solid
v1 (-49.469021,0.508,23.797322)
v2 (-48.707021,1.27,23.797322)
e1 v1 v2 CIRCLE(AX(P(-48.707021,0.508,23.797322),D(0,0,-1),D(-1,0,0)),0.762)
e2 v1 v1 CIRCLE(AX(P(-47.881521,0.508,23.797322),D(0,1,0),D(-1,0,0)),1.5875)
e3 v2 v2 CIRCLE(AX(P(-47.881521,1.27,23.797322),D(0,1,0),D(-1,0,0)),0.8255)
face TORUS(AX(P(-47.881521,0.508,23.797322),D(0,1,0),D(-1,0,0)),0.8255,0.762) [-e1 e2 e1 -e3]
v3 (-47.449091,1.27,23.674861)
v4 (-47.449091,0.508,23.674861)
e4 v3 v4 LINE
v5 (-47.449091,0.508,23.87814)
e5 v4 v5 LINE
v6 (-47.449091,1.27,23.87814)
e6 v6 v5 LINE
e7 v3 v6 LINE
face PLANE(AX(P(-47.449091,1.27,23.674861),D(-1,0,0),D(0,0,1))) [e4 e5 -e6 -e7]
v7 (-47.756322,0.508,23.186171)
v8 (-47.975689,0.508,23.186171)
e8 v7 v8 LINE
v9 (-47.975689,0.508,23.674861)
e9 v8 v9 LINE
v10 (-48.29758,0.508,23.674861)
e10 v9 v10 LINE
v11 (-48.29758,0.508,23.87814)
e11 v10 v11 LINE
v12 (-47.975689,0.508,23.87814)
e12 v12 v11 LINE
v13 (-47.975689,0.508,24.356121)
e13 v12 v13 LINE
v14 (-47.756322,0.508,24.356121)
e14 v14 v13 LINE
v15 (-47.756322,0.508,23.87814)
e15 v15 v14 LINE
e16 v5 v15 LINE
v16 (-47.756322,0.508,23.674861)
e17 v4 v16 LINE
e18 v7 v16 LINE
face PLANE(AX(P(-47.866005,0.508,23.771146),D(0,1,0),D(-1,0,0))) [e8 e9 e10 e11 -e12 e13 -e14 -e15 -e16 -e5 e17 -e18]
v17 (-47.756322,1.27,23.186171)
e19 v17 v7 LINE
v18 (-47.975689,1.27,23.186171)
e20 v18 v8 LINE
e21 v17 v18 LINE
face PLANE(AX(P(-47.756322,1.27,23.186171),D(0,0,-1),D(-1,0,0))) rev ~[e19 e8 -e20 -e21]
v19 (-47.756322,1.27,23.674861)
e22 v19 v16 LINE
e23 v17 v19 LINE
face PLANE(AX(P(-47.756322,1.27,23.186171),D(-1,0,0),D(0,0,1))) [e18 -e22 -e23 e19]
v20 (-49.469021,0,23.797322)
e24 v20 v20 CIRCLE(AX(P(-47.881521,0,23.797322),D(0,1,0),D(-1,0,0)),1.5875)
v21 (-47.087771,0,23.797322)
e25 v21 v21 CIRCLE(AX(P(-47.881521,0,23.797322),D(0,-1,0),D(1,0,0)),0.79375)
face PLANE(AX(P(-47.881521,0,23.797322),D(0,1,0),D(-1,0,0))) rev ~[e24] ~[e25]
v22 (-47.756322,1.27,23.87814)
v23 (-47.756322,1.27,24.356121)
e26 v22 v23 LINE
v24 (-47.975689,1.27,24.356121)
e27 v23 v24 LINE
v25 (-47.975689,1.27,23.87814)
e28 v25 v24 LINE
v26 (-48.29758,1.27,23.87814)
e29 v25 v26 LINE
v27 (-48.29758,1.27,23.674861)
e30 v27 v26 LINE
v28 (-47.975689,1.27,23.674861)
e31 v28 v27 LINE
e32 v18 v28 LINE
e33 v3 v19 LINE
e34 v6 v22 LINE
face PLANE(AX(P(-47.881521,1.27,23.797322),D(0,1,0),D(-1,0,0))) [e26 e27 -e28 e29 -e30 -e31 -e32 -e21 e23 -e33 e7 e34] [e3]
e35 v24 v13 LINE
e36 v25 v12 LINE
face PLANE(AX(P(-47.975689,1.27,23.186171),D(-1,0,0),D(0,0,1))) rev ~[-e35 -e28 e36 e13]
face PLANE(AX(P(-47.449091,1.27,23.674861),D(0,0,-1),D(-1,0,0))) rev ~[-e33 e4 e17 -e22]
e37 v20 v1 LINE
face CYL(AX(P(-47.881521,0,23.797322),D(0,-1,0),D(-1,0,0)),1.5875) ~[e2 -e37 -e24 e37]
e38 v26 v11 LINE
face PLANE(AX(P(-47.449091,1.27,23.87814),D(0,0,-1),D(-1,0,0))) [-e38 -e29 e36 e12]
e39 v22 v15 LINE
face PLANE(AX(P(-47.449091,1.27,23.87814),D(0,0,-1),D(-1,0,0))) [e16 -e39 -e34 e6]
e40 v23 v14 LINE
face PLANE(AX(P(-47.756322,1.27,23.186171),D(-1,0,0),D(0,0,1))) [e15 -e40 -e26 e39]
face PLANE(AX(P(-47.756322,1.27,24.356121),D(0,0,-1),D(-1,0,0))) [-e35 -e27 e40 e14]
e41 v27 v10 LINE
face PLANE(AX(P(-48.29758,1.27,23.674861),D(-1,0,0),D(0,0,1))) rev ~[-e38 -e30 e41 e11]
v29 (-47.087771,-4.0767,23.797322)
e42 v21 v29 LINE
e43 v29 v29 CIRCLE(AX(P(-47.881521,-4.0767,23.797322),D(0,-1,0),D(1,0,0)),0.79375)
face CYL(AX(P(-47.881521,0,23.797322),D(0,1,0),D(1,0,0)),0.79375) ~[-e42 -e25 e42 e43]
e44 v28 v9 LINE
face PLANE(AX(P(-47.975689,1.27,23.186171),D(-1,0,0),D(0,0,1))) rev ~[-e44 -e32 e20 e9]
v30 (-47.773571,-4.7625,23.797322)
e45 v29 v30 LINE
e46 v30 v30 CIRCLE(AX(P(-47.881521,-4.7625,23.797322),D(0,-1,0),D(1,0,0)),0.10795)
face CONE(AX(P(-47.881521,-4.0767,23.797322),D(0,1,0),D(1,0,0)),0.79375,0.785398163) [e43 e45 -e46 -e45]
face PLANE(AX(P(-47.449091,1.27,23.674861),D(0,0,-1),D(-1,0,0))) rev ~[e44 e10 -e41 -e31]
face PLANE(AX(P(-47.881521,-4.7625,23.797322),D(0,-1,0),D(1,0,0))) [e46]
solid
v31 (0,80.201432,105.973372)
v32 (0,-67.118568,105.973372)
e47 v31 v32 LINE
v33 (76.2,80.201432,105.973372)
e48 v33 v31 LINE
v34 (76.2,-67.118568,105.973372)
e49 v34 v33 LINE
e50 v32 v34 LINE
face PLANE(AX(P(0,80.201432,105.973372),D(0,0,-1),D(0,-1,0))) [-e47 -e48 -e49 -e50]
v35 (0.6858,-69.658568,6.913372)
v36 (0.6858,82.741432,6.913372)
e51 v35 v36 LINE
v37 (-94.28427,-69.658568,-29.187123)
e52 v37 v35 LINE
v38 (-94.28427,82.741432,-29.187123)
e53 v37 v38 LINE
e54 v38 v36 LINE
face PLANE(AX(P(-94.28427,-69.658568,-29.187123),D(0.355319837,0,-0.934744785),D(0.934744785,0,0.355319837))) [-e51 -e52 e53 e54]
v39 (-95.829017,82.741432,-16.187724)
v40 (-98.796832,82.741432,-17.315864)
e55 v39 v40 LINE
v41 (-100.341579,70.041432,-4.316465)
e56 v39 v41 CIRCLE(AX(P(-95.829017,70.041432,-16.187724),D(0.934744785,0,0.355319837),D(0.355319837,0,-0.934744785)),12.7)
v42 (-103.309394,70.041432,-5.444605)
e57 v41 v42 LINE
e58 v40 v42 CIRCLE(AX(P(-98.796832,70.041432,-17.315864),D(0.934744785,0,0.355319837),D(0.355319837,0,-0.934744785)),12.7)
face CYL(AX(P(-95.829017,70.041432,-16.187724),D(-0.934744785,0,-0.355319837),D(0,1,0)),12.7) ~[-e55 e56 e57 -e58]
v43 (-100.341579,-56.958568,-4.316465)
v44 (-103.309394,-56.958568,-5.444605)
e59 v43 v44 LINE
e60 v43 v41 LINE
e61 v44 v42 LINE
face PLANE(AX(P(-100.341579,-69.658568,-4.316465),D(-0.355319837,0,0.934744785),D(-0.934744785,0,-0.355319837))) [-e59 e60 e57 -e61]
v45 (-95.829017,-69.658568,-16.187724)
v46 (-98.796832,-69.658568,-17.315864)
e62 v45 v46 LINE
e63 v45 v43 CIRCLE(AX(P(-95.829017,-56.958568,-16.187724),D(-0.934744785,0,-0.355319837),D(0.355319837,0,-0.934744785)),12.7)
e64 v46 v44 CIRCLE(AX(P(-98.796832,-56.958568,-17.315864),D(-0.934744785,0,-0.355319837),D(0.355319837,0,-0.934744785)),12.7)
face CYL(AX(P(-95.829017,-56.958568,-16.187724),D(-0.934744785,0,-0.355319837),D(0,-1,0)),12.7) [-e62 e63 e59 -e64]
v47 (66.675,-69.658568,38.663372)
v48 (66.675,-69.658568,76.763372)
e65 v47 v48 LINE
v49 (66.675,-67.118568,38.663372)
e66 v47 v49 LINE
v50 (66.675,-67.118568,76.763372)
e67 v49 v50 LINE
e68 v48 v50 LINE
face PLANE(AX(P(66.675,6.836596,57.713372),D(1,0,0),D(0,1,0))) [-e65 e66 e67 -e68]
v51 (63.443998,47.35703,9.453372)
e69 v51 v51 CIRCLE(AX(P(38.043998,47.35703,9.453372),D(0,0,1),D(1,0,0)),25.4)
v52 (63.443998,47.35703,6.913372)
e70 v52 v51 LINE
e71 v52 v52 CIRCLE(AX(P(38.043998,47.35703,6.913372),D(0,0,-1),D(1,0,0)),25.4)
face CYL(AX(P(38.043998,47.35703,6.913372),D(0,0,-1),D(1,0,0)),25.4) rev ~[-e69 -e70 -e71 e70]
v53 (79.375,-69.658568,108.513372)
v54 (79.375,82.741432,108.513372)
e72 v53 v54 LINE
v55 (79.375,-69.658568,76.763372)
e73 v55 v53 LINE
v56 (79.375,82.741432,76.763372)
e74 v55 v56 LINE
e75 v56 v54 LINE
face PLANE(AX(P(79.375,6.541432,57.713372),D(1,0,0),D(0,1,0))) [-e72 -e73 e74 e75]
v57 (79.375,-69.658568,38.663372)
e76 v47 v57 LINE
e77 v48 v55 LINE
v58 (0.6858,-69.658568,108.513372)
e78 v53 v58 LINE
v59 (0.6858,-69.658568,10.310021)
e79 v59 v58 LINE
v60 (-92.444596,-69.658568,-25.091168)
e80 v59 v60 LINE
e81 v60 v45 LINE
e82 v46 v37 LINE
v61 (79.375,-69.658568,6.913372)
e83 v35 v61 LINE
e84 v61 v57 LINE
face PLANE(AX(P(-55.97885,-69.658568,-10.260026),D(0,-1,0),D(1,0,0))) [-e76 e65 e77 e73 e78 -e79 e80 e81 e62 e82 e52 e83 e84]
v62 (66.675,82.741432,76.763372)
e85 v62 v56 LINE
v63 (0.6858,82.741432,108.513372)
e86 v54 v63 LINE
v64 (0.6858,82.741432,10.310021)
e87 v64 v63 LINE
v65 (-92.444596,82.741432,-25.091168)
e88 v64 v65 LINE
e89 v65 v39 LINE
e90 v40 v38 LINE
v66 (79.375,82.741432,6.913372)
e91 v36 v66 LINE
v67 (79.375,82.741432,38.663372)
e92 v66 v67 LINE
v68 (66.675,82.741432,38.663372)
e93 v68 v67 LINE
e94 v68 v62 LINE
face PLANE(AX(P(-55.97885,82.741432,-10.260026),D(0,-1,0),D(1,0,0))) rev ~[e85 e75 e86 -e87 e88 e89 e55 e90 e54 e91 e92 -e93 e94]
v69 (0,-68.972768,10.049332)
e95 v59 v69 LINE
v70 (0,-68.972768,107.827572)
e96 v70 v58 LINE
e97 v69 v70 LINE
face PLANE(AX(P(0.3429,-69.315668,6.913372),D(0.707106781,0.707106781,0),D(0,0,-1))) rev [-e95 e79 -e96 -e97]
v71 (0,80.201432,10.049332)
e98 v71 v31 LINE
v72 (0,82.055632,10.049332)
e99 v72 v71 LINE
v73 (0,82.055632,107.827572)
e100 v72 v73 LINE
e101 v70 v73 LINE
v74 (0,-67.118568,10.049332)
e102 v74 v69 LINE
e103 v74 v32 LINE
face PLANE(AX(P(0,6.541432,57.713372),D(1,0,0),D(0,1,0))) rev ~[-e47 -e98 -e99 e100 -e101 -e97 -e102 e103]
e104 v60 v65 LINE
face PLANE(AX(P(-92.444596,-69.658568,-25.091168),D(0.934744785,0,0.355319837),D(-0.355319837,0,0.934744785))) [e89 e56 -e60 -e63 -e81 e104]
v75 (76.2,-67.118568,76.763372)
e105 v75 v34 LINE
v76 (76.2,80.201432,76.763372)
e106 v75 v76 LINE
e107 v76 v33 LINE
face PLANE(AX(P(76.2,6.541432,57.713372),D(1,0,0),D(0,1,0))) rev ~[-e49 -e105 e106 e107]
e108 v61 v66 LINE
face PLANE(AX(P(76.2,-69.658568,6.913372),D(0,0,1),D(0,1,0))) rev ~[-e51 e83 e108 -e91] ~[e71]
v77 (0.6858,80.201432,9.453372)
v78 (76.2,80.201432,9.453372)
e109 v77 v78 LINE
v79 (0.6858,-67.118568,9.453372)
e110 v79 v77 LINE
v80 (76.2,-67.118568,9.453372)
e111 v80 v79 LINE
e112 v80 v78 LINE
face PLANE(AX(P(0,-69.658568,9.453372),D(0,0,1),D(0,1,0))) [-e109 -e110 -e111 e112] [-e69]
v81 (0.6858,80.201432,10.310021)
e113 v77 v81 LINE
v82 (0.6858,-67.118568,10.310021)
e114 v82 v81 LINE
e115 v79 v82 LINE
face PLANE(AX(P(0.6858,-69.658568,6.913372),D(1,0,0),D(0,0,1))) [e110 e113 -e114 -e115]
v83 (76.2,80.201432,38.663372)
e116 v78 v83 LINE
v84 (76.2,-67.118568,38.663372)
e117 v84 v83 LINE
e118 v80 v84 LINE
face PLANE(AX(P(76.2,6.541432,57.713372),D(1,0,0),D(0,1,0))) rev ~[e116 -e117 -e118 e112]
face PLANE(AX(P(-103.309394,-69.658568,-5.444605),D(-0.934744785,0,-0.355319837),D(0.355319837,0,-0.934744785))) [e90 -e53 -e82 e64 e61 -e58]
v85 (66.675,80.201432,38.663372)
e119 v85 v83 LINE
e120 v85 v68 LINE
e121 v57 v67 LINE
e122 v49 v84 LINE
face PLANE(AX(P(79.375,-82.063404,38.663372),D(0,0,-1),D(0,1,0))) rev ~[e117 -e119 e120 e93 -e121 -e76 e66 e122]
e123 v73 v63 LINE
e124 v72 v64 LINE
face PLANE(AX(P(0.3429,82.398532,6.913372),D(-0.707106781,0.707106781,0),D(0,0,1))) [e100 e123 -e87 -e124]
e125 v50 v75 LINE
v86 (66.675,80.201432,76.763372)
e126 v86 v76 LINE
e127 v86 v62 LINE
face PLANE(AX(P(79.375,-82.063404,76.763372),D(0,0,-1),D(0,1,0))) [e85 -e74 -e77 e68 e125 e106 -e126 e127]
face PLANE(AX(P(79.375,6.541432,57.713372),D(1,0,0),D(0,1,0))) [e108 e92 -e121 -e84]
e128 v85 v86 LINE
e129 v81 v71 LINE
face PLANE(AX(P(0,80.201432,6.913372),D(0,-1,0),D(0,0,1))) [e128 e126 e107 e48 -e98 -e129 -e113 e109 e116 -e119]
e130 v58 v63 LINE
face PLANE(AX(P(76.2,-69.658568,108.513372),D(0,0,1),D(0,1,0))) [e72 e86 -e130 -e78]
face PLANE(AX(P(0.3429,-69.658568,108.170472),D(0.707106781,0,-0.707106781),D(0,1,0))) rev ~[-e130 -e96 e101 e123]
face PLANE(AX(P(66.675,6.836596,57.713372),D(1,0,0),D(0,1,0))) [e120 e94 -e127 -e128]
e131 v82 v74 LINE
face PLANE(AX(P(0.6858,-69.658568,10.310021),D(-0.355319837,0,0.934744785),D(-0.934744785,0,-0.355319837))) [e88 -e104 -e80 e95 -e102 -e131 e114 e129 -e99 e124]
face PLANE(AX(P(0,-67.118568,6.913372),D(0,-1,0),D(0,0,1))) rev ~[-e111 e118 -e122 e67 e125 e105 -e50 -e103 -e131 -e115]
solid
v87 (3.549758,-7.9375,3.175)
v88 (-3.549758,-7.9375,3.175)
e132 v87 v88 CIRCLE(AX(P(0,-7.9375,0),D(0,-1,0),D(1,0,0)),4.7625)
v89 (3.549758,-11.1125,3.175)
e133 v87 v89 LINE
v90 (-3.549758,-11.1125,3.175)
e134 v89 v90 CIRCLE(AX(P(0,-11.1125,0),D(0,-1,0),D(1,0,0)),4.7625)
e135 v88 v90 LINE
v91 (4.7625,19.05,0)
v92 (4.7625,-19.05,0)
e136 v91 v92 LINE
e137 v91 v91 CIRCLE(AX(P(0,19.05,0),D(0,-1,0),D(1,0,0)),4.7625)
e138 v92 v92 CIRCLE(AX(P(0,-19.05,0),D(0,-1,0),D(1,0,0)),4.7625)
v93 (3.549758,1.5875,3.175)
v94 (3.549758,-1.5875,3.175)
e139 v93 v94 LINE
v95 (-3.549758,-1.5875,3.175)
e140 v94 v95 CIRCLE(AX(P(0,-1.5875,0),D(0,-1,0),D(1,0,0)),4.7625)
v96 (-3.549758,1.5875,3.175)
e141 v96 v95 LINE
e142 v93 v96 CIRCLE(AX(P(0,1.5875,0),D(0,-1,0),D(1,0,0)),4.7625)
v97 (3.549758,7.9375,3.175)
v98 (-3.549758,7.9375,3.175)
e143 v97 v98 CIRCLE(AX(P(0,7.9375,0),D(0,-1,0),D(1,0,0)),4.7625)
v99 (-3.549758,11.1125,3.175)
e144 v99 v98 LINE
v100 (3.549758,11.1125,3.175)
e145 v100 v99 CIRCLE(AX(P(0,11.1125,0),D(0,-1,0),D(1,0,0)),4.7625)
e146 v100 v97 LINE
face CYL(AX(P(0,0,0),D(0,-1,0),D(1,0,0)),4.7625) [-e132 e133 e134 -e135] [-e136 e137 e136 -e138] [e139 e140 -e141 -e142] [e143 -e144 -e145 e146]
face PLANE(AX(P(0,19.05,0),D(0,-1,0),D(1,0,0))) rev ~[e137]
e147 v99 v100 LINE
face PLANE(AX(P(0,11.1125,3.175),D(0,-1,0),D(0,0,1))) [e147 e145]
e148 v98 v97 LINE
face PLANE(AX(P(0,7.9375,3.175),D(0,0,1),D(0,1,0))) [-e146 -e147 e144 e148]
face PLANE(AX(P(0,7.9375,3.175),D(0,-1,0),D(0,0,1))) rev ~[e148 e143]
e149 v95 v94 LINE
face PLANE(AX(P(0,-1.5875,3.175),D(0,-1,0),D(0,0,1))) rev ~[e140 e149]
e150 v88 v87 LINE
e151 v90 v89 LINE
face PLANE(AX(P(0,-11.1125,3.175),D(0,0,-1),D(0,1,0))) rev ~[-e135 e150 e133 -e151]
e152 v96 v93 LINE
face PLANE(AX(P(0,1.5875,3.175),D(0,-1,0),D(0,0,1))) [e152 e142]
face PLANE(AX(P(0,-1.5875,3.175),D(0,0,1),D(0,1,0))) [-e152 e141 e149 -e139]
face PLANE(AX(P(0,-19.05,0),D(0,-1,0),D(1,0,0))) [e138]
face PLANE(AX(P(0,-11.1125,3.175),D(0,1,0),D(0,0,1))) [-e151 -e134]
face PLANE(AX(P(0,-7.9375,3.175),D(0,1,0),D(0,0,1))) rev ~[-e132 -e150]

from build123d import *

# Parameters (mm, degrees)
F0_R       = 4.7625
F1_DEPTH   = 19.05
F2_W       = 3.175
F2_H       = 3.3072910916
F3_DEPTH   = 12.7
F4_W       = 152.4
F4_H       = 101.6
F5_DEPTH   = 76.2
F6_T       = -2.54
F7_W       = 152.4
F7_H       = 101.6
F8_DEPTH   = 3.175
F9_W       = 177.8
F9_H       = 38.1
F10_DEPTH  = 12.7
F11_R      = 25.4
F12_DEPTH  = 25.4
F13_R      = 0.79375
F14_DEPTH  = 4.7625
F15_SIZE   = 0.6858
F15_2_SIZE = 0.6858
F16_R      = 1.5875
F17_DEPTH  = 1.27
F18_R      = 0.762
F19_W      = 0.2193674445
F19_H      = 1.16994977
F20_DEPTH  = 0.762
F21_W      = 0.8484892041
F21_H      = 0.2032797784
F22_DEPTH  = 0.762
F24_W      = 147.32
F24_H      = 96.52
F25_DEPTH  = 25.4
F27_DEPTH  = 152.4
F28_R      = 12.7


with BuildPart() as f1:
    # F0 (on Front) → F1 (new body, symmetric)
    with BuildSketch(Plane.XZ):
        Circle(F0_R)
    extrude(amount=F1_DEPTH, both=True)

    # F2 (on Right) → F3 (cut, symmetric)
    with BuildSketch(Plane.YZ):
        with Locations((0, 4.8286455458)):
            Rectangle(F2_W, F2_H)
        with Locations((9.525, 4.8286455458)):
            Rectangle(F2_W, F2_H)
        with Locations((-9.525, 4.8286455458)):
            Rectangle(F2_W, F2_H)
    extrude(amount=F3_DEPTH, both=True, mode=Mode.SUBTRACT)


with BuildPart() as f5:
    # F4 (on Right) → F5 (new body)
    with BuildSketch(Plane.YZ):
        with Locations((6.5414318815, 57.7133724002)):
            Rectangle(F4_W, F4_H)
    extrude(amount=F5_DEPTH)

    # F6
    f6_openings = [f5.faces().sort_by_distance(p)[0] for p in [
        (76.2, 6.541432, 57.713372),
    ]]
    offset(amount=F6_T, openings=f6_openings)

    # F7 (on face) → F8 (join)
    with BuildSketch(Plane.YZ.offset(76.2)):
        with Locations((6.5414318815, 57.7133724002)):
            Rectangle(F7_W, F7_H)
    extrude(amount=F8_DEPTH)

    # F9 (on face) → F10 (cut)
    with BuildSketch(Plane.YZ.offset(79.375)):
        with Locations((6.8365962322, 57.7133724002)):
            Rectangle(F9_W, F9_H)
    extrude(amount=-F10_DEPTH, mode=Mode.SUBTRACT)

    # F11 (on face) → F12 (cut)
    with BuildSketch(Plane(origin=(0, 0, 6.9133724002), x_dir=(1, 0, 0), z_dir=(0, 0, -1))):
        with Locations((38.0439981818, -47.3570302129)):
            Circle(F11_R)
    extrude(amount=-F12_DEPTH, mode=Mode.SUBTRACT)

    # F15#2
    f15_2_edges = [f5.edges().sort_by_distance(p)[0] for p in [
        (0, 82.741432, 57.713372),
        (0, 6.541432, 108.513372),
        (0, -69.658568, 57.713372),
        (0, 6.541432, 6.913372),
    ]]
    chamfer(f15_2_edges, length=F15_2_SIZE)

    # F24 (on face) → F25 (cut)
    with BuildSketch(Plane(origin=(0, 0, 0), x_dir=(0, -1, 0), z_dir=(-1, 0, 0))):
        with Locations((-6.5414318815, 57.7133724002)):
            Rectangle(F24_W, F24_H)
    extrude(amount=-F25_DEPTH, mode=Mode.SUBTRACT)

    # F26 (on face) → F27 (join, through all)
    with BuildSketch(Plane.XZ.offset(69.6585681185)):
        Polygon((-94.2842701869, -29.1871230077), (0.6858, 6.9133724002), (0.6858, 10.3100214641), (-92.4445959751, -25.0911678329), (-100.3415793455, -4.3164649795), (-103.3093940389, -5.444605461), align=None)
    extrude(amount=-F27_DEPTH)

    # F28
    f28_edges = [f5.edges().sort_by_distance(p)[0] for p in [
        (-101.825487, 82.741432, -4.880535),
        (-101.825487, -69.658568, -4.880535),
    ]]
    fillet(f28_edges, radius=F28_R)


with BuildPart() as f14:
    # F13 (on Front) → F14 (new body)
    with BuildSketch(Plane.XZ):
        with Locations((-47.8815212846, 23.7973220646)):
            Circle(F13_R)
    extrude(amount=F14_DEPTH)

    # F15
    f15_edges = [f14.edges().sort_by_distance(p)[0] for p in [
        (-48.675271, -4.7625, 23.797322),
    ]]
    chamfer(f15_edges, length=F15_SIZE)

    # F16 (on face) → F17 (join)
    with BuildSketch(Plane(origin=(0, 0, 0), x_dir=(-1, 0, 0), z_dir=(0, 1, 0))):
        with Locations((47.8815212846, 23.7973220646)):
            Circle(F16_R)
    extrude(amount=F17_DEPTH)

    # F18
    f18_edges = [f14.edges().sort_by_distance(p)[0] for p in [
        (-46.294021, 1.27, 23.797322),
    ]]
    fillet(f18_edges, radius=F18_R)

    # F19 (on face) → F20 (cut)
    with BuildSketch(Plane(origin=(0, 1.27, 0), x_dir=(-1, 0, 0), z_dir=(0, 1, 0))):
        with Locations((47.8660054505, 23.7711463124)):
            Rectangle(F19_W, F19_H)
    extrude(amount=-F20_DEPTH, mode=Mode.SUBTRACT)

    # F21 (on face) → F22 (cut)
    with BuildSketch(Plane(origin=(0, 1.27, 0), x_dir=(-1, 0, 0), z_dir=(0, 1, 0))):
        with Locations((47.8733357295, 23.7765004858)):
            Rectangle(F21_W, F21_H)
    extrude(amount=-F22_DEPTH, mode=Mode.SUBTRACT)


solid = Compound([f1.part, f5.part, f14.part])
